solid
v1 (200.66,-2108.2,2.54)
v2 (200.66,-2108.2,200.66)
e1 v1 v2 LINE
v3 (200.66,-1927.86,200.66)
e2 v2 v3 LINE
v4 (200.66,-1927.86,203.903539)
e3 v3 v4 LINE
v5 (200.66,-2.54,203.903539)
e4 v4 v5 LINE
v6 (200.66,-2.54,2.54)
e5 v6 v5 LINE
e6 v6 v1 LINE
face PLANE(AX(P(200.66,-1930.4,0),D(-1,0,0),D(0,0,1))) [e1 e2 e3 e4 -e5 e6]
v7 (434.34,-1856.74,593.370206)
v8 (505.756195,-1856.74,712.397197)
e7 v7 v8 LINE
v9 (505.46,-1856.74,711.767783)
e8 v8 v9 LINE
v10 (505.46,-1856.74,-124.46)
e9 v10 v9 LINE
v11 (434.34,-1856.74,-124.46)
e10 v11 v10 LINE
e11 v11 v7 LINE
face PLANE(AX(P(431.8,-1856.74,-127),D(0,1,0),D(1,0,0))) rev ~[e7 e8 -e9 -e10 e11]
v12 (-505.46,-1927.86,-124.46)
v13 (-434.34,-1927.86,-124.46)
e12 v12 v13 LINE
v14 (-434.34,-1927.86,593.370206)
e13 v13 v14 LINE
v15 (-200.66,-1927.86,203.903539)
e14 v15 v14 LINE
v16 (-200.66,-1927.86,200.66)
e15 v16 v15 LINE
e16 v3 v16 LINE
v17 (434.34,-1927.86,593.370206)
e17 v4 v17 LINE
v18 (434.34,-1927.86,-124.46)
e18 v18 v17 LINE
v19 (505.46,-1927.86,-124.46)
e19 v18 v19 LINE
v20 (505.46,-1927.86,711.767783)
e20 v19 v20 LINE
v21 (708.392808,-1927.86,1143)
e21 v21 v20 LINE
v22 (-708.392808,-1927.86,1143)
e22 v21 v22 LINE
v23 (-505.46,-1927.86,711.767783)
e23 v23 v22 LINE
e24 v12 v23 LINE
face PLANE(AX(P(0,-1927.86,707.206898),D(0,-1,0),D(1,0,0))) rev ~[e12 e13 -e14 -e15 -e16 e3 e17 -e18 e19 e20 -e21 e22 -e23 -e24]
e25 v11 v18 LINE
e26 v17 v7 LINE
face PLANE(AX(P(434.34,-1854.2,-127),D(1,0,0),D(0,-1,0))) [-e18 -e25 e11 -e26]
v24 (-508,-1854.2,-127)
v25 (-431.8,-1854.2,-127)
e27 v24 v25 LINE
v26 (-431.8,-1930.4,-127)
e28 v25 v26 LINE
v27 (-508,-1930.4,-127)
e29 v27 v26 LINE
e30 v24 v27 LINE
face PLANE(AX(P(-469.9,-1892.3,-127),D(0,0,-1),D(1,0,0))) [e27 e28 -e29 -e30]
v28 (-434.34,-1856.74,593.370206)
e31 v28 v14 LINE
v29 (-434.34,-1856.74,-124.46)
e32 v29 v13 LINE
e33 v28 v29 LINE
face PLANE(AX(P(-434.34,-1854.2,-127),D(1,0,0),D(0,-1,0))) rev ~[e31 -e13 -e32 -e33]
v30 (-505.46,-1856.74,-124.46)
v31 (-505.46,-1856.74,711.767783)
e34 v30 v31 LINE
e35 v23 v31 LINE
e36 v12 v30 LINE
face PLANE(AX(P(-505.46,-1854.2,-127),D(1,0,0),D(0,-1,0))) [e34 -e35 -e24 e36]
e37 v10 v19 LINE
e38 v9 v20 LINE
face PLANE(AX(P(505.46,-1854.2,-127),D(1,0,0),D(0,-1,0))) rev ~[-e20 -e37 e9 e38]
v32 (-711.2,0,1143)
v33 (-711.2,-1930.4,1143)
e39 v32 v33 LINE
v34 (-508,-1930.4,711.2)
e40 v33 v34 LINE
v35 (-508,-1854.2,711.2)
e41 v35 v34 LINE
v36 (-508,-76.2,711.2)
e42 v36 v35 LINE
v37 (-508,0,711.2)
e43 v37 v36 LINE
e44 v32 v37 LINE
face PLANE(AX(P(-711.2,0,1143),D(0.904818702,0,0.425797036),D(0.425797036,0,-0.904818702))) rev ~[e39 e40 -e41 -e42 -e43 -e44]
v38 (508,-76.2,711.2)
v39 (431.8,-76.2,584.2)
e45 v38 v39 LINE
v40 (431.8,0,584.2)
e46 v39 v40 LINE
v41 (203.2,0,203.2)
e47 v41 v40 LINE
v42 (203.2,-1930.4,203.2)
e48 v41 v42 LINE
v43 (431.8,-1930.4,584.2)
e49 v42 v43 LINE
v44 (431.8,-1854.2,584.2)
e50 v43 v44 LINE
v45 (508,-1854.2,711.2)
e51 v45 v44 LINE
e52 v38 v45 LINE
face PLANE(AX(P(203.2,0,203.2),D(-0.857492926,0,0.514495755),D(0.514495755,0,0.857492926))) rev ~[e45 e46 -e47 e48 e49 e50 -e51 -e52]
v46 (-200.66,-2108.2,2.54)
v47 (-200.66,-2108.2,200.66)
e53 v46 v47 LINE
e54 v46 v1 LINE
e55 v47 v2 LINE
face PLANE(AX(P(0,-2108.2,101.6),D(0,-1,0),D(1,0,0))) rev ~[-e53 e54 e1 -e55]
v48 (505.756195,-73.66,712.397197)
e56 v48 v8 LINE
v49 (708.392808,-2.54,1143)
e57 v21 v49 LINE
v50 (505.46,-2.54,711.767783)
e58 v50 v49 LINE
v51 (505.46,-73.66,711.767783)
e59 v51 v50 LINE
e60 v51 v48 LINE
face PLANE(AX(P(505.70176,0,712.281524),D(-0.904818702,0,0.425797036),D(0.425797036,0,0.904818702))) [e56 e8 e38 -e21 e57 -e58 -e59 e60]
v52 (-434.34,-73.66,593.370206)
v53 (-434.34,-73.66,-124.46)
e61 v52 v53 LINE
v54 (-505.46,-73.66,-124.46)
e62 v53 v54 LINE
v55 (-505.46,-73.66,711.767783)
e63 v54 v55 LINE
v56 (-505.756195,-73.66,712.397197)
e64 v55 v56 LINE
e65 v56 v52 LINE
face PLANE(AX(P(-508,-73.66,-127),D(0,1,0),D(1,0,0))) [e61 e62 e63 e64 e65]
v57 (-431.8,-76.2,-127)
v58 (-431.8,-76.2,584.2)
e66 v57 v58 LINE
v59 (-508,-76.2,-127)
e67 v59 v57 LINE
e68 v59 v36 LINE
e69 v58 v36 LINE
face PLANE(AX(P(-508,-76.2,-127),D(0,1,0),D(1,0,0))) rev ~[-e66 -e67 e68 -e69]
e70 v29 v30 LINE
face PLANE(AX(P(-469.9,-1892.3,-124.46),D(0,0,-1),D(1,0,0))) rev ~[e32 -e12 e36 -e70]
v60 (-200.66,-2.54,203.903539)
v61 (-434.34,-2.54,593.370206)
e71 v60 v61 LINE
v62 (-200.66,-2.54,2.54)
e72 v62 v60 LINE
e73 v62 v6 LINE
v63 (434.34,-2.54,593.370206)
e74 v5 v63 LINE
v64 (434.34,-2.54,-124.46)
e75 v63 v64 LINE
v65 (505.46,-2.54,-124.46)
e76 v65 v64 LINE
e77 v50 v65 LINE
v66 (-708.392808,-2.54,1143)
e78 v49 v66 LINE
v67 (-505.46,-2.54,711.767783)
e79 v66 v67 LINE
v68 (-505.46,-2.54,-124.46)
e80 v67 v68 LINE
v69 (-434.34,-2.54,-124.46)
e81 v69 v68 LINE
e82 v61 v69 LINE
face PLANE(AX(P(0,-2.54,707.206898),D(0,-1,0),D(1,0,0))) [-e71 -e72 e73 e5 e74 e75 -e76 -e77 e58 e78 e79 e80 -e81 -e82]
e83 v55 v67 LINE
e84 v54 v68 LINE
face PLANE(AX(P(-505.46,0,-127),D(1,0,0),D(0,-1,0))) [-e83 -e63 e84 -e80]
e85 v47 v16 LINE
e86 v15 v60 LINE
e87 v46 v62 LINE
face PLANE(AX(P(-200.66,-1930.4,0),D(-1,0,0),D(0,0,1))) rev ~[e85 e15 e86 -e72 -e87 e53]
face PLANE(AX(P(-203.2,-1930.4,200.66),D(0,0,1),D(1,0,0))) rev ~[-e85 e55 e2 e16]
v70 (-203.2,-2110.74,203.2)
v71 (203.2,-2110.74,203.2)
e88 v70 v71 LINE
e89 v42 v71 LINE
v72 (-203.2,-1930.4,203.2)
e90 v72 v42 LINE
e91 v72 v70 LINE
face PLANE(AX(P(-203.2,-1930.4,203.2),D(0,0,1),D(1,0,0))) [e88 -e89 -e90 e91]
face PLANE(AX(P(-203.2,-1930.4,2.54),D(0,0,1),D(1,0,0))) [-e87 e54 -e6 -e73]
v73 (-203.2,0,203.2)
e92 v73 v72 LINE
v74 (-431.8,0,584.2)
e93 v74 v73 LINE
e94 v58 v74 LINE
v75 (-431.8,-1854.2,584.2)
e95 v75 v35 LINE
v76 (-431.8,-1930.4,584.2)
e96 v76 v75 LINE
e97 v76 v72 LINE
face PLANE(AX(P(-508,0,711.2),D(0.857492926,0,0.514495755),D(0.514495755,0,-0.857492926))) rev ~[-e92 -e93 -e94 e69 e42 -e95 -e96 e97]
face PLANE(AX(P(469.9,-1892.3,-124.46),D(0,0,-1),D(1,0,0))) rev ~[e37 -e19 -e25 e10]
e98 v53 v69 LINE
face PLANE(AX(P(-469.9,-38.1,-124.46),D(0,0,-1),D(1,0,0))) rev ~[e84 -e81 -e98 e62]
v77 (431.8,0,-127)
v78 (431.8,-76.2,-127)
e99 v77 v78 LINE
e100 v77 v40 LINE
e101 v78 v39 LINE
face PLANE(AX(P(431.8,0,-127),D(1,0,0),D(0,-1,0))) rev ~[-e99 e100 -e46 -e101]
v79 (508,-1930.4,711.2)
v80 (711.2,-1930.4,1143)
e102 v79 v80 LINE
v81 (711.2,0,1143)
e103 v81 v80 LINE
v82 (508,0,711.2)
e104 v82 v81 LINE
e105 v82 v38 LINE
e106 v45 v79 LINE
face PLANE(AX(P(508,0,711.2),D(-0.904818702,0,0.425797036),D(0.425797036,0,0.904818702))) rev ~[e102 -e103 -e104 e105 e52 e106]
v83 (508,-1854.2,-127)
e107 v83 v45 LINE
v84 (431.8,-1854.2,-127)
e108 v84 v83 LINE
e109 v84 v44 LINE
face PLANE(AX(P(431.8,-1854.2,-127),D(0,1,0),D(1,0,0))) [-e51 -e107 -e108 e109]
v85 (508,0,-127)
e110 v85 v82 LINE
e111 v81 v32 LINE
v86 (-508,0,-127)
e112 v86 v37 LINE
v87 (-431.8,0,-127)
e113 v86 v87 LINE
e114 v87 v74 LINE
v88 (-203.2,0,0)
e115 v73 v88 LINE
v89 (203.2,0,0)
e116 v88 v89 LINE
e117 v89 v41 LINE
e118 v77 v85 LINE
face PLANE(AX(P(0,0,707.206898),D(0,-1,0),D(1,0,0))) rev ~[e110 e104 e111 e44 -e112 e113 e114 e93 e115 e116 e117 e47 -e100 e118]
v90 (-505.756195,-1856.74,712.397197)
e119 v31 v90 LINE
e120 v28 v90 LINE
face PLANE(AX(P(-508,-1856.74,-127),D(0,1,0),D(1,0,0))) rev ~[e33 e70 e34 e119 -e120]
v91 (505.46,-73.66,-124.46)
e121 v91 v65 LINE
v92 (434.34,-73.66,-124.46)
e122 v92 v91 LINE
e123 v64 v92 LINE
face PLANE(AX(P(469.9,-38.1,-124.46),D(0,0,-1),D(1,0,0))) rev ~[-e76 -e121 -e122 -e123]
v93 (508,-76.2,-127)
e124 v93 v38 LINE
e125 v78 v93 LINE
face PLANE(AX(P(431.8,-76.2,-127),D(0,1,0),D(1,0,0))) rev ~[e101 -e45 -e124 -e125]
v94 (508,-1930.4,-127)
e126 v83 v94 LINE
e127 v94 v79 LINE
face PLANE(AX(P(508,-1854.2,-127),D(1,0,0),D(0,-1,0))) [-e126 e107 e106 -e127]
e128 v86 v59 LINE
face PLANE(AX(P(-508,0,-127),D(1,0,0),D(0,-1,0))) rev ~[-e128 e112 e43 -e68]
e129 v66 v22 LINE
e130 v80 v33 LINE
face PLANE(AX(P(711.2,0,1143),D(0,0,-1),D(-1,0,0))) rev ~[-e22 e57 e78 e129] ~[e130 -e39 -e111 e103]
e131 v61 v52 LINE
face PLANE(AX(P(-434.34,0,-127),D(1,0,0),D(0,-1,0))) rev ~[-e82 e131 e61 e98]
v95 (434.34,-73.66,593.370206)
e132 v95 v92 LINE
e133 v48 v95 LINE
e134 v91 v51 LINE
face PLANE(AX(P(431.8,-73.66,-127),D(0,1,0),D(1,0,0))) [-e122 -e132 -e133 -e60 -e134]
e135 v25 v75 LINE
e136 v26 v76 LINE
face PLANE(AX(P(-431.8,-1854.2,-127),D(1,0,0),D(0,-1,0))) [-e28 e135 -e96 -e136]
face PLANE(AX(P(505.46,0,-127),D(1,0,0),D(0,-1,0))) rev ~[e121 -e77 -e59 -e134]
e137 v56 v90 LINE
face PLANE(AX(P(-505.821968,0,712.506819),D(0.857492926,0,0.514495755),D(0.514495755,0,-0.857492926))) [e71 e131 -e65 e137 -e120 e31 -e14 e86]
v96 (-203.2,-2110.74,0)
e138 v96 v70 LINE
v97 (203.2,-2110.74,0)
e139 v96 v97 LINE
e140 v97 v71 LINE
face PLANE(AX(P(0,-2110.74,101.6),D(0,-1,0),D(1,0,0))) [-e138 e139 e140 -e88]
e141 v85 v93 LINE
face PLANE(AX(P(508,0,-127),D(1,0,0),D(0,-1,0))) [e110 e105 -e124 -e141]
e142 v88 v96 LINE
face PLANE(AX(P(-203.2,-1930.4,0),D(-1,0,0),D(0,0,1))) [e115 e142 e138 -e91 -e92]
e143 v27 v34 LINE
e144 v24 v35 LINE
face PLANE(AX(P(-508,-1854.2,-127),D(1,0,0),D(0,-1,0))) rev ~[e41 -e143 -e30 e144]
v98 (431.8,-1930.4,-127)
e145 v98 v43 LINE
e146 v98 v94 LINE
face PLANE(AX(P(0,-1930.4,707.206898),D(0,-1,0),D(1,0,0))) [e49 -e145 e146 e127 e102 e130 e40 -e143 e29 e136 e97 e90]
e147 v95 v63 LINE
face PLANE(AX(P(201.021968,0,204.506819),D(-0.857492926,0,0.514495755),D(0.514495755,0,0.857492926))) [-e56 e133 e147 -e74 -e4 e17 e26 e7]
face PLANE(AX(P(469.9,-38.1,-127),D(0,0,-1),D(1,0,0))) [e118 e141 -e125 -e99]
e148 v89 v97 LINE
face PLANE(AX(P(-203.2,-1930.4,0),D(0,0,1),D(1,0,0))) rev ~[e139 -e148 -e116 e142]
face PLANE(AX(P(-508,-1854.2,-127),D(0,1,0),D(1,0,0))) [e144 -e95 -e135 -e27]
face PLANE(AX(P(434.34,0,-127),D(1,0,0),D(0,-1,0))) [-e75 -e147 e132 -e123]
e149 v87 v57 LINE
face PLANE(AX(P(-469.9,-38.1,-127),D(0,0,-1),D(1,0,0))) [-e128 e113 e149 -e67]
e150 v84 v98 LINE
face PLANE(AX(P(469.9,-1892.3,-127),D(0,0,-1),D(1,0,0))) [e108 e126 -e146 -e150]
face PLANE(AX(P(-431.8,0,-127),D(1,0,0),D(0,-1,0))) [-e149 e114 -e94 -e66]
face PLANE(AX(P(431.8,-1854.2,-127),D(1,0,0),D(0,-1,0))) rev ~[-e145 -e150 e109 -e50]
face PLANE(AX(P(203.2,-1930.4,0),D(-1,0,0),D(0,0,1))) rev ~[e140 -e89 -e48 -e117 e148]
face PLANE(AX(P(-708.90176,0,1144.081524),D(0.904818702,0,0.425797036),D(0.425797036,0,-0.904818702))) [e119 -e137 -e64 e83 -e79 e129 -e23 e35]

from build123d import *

# Parameters (mm, degrees)
F1_DEPTH = 1930.4
F3_W     = 76.2
F3_H     = 76.2
F5_W     = 406.4
F5_H     = 203.2
F6_DEPTH = 180.34
F7_T     = -2.54


with BuildPart() as f1:
    # F0 (on Front) → F1 (new body)
    with BuildSketch(Plane.XZ):
        Polygon((-203.2, 0), (0, 0), (203.2, 0), (203.2, 203.2), (508, 711.2), (711.2, 1143), (0, 1143), (-711.2, 1143), (-508, 711.2), (-203.2, 203.2), align=None)
    extrude(amount=F1_DEPTH)

    # F3 (on offset) → F4 (join, up to the next surface of F1)
    with BuildSketch(Plane(origin=(0, 0, -127), x_dir=(1, 0, 0), z_dir=(0, 0, -1))):
        with Locations((-469.9, 1892.3)):
            Rectangle(F3_W, F3_H)
        with Locations((469.9, 1892.3)):
            Rectangle(F3_W, F3_H)
        with Locations((469.9, 38.1)):
            Rectangle(F3_W, F3_H)
        with Locations((-469.9, 38.1)):
            Rectangle(F3_W, F3_H)
    extrude(until=Until.NEXT, dir=(0, 0, 1))

    # F5 (on face) → F6 (join)
    with BuildSketch(Plane.XZ.offset(1930.4)):
        with Locations((0, 101.6)):
            Rectangle(F5_W, F5_H)
    extrude(amount=F6_DEPTH)

    # F7
    f7_openings = [f1.faces().sort_by_distance(p)[0] for p in [
        (0, -965.2, 1143),
    ]]
    offset(amount=F7_T, openings=f7_openings, kind=Kind.INTERSECTION)


solid = f1.part
